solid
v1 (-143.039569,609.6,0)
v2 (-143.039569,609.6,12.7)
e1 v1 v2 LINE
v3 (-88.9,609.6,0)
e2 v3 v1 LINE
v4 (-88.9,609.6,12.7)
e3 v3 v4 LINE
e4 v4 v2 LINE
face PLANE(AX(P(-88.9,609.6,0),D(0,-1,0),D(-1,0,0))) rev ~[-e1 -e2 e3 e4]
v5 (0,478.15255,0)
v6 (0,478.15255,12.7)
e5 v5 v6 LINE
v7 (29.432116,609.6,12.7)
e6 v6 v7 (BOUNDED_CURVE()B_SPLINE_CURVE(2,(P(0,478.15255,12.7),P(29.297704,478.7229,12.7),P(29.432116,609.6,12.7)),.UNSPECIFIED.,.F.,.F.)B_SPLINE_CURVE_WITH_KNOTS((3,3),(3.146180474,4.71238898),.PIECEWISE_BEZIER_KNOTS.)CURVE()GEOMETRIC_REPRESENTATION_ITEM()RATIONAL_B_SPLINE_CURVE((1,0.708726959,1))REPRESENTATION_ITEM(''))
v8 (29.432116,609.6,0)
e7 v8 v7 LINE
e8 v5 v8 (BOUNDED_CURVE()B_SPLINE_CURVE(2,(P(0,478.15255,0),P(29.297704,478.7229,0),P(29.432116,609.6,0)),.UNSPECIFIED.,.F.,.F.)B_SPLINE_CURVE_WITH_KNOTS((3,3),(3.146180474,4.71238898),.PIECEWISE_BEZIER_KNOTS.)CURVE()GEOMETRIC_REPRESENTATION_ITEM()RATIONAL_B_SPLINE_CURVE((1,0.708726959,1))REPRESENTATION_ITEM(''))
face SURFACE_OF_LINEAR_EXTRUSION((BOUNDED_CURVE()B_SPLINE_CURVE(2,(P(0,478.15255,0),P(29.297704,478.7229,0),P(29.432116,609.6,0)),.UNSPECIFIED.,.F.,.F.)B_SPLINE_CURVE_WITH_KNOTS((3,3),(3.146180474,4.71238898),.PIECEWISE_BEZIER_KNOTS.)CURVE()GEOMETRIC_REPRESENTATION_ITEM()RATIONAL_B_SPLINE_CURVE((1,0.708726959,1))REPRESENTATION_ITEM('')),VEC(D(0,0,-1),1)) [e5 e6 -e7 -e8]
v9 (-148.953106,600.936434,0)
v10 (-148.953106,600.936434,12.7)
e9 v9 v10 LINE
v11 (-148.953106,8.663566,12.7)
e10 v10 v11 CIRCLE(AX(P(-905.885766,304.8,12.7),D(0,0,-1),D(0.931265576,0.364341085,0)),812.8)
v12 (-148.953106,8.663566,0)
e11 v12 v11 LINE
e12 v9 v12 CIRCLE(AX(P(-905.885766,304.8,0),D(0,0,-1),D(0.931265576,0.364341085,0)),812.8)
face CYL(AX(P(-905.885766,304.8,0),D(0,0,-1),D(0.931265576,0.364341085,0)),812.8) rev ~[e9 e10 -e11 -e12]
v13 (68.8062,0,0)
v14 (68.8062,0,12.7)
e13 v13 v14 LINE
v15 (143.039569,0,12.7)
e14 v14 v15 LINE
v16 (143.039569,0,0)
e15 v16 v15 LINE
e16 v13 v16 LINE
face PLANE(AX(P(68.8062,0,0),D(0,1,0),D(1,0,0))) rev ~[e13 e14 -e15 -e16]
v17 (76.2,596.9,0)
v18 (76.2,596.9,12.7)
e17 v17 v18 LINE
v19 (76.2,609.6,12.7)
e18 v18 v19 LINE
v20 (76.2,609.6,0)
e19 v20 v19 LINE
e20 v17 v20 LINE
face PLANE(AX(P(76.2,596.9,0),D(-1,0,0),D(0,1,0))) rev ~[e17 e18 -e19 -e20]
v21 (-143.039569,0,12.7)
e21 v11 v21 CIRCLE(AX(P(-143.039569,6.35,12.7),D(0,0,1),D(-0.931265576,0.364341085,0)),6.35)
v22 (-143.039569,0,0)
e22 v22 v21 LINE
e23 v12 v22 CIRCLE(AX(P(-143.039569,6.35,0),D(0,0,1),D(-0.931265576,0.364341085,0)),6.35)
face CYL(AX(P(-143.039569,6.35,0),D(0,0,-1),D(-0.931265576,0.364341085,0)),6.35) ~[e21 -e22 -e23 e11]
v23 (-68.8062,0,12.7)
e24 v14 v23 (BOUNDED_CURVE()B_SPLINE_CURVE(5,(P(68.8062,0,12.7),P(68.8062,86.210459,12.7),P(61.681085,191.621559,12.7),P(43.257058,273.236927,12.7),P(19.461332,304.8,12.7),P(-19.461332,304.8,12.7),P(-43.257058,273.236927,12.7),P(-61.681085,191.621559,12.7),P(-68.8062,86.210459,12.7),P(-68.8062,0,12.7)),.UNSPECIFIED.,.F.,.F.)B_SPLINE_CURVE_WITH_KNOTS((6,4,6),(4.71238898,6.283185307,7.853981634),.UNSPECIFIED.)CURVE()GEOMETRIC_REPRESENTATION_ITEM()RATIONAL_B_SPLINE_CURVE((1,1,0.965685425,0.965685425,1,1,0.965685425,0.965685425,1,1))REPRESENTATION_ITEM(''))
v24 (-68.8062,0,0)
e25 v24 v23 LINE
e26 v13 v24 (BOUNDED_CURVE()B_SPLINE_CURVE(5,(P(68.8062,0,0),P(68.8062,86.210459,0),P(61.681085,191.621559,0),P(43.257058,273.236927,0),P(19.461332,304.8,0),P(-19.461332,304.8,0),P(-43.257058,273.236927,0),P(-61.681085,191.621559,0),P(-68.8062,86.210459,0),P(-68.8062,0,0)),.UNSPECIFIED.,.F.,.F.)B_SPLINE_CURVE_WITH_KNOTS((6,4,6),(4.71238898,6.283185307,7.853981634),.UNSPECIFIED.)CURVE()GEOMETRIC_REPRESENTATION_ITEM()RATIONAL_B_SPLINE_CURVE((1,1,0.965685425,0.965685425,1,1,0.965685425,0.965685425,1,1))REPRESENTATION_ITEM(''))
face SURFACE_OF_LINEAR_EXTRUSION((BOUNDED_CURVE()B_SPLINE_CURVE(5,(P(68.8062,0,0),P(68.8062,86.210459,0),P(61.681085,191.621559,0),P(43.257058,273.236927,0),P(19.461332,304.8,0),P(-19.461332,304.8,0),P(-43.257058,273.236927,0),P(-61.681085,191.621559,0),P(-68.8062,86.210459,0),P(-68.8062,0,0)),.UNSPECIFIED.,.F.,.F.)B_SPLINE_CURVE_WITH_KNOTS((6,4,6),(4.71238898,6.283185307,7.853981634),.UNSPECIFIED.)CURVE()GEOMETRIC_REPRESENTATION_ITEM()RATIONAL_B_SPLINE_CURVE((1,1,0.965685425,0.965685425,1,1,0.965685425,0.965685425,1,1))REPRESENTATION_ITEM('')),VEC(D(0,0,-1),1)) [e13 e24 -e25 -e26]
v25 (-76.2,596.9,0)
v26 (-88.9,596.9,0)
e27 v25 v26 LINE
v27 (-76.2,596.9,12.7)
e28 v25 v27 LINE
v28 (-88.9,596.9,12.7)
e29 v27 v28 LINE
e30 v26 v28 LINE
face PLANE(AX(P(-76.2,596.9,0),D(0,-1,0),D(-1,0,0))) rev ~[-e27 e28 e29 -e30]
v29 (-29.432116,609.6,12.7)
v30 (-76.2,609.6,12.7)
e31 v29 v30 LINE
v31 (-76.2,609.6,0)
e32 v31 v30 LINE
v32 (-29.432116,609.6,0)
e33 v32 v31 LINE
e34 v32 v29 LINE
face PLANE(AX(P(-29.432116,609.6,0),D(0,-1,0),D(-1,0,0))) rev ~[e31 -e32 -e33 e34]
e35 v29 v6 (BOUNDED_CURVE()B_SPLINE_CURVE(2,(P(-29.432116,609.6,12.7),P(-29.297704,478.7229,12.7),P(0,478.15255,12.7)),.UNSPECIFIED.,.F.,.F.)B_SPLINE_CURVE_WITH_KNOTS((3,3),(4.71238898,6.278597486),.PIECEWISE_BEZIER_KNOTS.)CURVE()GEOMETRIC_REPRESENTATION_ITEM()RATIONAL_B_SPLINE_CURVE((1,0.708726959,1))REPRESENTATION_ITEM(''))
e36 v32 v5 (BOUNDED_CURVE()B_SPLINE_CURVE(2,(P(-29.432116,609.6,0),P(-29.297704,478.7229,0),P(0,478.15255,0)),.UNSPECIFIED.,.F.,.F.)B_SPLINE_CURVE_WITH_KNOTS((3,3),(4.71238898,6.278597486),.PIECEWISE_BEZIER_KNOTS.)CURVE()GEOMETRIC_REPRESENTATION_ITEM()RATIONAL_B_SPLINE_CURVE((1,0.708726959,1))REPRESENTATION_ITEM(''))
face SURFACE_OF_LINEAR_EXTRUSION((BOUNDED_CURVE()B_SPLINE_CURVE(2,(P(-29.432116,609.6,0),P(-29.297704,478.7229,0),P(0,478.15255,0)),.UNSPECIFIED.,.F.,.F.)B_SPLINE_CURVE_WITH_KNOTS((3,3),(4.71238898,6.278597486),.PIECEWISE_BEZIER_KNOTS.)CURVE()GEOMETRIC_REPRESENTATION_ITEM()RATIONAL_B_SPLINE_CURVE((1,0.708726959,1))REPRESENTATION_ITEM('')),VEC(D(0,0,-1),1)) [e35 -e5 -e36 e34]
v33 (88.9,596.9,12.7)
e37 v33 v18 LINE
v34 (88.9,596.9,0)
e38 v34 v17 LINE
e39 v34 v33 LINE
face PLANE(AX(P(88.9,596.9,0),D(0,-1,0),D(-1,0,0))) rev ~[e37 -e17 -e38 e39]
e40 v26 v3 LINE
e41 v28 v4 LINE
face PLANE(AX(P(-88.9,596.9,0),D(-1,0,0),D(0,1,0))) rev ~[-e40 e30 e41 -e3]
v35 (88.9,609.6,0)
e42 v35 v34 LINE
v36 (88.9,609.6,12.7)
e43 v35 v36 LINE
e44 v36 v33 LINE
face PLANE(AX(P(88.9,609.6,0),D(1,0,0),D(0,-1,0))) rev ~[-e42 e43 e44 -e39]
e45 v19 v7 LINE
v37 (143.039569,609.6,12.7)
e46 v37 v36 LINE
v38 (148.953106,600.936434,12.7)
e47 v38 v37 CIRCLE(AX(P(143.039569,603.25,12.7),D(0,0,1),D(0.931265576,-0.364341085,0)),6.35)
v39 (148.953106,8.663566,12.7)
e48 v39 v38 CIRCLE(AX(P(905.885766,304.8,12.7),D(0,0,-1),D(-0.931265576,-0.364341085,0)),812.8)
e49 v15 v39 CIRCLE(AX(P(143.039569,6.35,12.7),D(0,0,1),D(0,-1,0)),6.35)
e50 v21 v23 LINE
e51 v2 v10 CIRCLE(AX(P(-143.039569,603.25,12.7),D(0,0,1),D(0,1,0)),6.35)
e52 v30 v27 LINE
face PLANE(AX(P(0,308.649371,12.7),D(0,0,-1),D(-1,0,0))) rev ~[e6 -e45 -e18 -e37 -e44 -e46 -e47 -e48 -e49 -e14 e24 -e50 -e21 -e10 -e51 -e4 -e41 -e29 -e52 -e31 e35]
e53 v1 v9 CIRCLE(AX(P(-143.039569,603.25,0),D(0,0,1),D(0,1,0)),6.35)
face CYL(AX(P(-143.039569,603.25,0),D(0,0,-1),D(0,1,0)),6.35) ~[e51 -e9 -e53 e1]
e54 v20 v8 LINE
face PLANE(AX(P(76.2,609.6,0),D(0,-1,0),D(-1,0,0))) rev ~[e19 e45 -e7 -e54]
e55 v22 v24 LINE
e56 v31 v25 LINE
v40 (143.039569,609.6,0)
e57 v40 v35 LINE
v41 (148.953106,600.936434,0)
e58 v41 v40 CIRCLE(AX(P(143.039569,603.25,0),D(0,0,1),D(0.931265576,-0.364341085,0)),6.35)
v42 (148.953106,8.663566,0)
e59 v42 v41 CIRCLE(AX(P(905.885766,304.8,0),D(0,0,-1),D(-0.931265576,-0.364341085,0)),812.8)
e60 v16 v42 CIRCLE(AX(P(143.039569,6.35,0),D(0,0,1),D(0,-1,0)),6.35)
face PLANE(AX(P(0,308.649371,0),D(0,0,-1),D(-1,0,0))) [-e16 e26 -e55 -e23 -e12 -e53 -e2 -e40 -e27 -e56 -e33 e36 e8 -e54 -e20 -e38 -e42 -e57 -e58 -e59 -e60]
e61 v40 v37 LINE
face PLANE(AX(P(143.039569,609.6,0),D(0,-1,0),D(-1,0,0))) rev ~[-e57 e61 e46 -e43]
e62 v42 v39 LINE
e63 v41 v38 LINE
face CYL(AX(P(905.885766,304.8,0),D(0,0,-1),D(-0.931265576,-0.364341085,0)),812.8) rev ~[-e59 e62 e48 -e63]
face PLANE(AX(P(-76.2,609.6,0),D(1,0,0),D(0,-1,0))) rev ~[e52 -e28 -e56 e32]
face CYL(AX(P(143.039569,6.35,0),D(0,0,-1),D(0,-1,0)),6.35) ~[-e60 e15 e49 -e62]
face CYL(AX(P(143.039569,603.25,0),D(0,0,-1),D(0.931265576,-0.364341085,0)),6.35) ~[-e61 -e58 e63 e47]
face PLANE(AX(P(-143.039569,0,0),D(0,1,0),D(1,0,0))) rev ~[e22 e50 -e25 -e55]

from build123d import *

# Parameters (mm, degrees)
F1_DEPTH = 12.7


with BuildPart() as f1:
    # F0 (on Top) → F1 (new body)
    with BuildSketch(Plane.XY):
        with BuildLine():
            add(Edge.make_bspline(
                [(68.8061999409, 0), (68.8061999409, 304.8), (0, 304.8)],
                knots=[4.7123889804, 4.7123889804, 4.7123889804, 6.2831853072, 6.2831853072, 6.2831853072], degree=2, weights=[1, 0.7071067812, 1]))
            Line((68.8061999409, 0), (143.0395694707, 0))
            ThreePointArc((143.0395694707, 0), (148.2842640953, 2.7701007983), (148.9531058802, 8.6635658915))
            ThreePointArc((148.9531058802, 8.6635658915), (93.0857662889, 304.8), (148.9531058802, 600.9364341085))
            ThreePointArc((148.9531058802, 600.9364341085), (148.2842640953, 606.8298992017), (143.0395694707, 609.6))
            Line((143.0395694707, 609.6), (88.9, 609.6))
            Line((88.9, 609.6), (88.9, 596.9))
            Line((88.9, 596.9), (76.2, 596.9))
            Line((76.2, 596.9), (76.2, 609.6))
            Line((76.2, 609.6), (29.4321160355, 609.6))
            add(Edge.make_bspline(
                [(0, 478.1525495466), (29.2977038939, 478.7228997007), (29.4321160355, 609.6)],
                knots=[3.1461804743, 3.1461804743, 3.1461804743, 4.7123889804, 4.7123889804, 4.7123889804], degree=2, weights=[1, 0.7087269589, 1]))
            add(Edge.make_bspline(
                [(-29.4321160355, 609.6), (-29.2977038939, 478.7228997007), (0, 478.1525495466)],
                knots=[4.7123889804, 4.7123889804, 4.7123889804, 6.2785974865, 6.2785974865, 6.2785974865], degree=2, weights=[1, 0.7087269589, 1]))
            Line((-29.4321160355, 609.6), (-76.2, 609.6))
            Line((-76.2, 609.6), (-76.2, 596.9))
            Line((-76.2, 596.9), (-88.9, 596.9))
            Line((-88.9, 596.9), (-88.9, 609.6))
            Line((-88.9, 609.6), (-143.0395694707, 609.6))
            ThreePointArc((-143.0395694707, 609.6), (-148.2842640953, 606.8298992017), (-148.9531058802, 600.9364341085))
            ThreePointArc((-148.9531058802, 600.9364341085), (-93.0857662889, 304.8), (-148.9531058802, 8.6635658915))
            ThreePointArc((-148.9531058802, 8.6635658915), (-148.2842640953, 2.7701007983), (-143.0395694707, 0))
            Line((-143.0395694707, 0), (-68.8061999409, 0))
            add(Edge.make_bspline(
                [(0, 304.8), (-68.8061999409, 304.8), (-68.8061999409, 0)],
                knots=[0, 0, 0, 1.5707963268, 1.5707963268, 1.5707963268], degree=2, weights=[1, 0.7071067812, 1]))
        make_face()
    extrude(amount=F1_DEPTH)


solid = f1.part
